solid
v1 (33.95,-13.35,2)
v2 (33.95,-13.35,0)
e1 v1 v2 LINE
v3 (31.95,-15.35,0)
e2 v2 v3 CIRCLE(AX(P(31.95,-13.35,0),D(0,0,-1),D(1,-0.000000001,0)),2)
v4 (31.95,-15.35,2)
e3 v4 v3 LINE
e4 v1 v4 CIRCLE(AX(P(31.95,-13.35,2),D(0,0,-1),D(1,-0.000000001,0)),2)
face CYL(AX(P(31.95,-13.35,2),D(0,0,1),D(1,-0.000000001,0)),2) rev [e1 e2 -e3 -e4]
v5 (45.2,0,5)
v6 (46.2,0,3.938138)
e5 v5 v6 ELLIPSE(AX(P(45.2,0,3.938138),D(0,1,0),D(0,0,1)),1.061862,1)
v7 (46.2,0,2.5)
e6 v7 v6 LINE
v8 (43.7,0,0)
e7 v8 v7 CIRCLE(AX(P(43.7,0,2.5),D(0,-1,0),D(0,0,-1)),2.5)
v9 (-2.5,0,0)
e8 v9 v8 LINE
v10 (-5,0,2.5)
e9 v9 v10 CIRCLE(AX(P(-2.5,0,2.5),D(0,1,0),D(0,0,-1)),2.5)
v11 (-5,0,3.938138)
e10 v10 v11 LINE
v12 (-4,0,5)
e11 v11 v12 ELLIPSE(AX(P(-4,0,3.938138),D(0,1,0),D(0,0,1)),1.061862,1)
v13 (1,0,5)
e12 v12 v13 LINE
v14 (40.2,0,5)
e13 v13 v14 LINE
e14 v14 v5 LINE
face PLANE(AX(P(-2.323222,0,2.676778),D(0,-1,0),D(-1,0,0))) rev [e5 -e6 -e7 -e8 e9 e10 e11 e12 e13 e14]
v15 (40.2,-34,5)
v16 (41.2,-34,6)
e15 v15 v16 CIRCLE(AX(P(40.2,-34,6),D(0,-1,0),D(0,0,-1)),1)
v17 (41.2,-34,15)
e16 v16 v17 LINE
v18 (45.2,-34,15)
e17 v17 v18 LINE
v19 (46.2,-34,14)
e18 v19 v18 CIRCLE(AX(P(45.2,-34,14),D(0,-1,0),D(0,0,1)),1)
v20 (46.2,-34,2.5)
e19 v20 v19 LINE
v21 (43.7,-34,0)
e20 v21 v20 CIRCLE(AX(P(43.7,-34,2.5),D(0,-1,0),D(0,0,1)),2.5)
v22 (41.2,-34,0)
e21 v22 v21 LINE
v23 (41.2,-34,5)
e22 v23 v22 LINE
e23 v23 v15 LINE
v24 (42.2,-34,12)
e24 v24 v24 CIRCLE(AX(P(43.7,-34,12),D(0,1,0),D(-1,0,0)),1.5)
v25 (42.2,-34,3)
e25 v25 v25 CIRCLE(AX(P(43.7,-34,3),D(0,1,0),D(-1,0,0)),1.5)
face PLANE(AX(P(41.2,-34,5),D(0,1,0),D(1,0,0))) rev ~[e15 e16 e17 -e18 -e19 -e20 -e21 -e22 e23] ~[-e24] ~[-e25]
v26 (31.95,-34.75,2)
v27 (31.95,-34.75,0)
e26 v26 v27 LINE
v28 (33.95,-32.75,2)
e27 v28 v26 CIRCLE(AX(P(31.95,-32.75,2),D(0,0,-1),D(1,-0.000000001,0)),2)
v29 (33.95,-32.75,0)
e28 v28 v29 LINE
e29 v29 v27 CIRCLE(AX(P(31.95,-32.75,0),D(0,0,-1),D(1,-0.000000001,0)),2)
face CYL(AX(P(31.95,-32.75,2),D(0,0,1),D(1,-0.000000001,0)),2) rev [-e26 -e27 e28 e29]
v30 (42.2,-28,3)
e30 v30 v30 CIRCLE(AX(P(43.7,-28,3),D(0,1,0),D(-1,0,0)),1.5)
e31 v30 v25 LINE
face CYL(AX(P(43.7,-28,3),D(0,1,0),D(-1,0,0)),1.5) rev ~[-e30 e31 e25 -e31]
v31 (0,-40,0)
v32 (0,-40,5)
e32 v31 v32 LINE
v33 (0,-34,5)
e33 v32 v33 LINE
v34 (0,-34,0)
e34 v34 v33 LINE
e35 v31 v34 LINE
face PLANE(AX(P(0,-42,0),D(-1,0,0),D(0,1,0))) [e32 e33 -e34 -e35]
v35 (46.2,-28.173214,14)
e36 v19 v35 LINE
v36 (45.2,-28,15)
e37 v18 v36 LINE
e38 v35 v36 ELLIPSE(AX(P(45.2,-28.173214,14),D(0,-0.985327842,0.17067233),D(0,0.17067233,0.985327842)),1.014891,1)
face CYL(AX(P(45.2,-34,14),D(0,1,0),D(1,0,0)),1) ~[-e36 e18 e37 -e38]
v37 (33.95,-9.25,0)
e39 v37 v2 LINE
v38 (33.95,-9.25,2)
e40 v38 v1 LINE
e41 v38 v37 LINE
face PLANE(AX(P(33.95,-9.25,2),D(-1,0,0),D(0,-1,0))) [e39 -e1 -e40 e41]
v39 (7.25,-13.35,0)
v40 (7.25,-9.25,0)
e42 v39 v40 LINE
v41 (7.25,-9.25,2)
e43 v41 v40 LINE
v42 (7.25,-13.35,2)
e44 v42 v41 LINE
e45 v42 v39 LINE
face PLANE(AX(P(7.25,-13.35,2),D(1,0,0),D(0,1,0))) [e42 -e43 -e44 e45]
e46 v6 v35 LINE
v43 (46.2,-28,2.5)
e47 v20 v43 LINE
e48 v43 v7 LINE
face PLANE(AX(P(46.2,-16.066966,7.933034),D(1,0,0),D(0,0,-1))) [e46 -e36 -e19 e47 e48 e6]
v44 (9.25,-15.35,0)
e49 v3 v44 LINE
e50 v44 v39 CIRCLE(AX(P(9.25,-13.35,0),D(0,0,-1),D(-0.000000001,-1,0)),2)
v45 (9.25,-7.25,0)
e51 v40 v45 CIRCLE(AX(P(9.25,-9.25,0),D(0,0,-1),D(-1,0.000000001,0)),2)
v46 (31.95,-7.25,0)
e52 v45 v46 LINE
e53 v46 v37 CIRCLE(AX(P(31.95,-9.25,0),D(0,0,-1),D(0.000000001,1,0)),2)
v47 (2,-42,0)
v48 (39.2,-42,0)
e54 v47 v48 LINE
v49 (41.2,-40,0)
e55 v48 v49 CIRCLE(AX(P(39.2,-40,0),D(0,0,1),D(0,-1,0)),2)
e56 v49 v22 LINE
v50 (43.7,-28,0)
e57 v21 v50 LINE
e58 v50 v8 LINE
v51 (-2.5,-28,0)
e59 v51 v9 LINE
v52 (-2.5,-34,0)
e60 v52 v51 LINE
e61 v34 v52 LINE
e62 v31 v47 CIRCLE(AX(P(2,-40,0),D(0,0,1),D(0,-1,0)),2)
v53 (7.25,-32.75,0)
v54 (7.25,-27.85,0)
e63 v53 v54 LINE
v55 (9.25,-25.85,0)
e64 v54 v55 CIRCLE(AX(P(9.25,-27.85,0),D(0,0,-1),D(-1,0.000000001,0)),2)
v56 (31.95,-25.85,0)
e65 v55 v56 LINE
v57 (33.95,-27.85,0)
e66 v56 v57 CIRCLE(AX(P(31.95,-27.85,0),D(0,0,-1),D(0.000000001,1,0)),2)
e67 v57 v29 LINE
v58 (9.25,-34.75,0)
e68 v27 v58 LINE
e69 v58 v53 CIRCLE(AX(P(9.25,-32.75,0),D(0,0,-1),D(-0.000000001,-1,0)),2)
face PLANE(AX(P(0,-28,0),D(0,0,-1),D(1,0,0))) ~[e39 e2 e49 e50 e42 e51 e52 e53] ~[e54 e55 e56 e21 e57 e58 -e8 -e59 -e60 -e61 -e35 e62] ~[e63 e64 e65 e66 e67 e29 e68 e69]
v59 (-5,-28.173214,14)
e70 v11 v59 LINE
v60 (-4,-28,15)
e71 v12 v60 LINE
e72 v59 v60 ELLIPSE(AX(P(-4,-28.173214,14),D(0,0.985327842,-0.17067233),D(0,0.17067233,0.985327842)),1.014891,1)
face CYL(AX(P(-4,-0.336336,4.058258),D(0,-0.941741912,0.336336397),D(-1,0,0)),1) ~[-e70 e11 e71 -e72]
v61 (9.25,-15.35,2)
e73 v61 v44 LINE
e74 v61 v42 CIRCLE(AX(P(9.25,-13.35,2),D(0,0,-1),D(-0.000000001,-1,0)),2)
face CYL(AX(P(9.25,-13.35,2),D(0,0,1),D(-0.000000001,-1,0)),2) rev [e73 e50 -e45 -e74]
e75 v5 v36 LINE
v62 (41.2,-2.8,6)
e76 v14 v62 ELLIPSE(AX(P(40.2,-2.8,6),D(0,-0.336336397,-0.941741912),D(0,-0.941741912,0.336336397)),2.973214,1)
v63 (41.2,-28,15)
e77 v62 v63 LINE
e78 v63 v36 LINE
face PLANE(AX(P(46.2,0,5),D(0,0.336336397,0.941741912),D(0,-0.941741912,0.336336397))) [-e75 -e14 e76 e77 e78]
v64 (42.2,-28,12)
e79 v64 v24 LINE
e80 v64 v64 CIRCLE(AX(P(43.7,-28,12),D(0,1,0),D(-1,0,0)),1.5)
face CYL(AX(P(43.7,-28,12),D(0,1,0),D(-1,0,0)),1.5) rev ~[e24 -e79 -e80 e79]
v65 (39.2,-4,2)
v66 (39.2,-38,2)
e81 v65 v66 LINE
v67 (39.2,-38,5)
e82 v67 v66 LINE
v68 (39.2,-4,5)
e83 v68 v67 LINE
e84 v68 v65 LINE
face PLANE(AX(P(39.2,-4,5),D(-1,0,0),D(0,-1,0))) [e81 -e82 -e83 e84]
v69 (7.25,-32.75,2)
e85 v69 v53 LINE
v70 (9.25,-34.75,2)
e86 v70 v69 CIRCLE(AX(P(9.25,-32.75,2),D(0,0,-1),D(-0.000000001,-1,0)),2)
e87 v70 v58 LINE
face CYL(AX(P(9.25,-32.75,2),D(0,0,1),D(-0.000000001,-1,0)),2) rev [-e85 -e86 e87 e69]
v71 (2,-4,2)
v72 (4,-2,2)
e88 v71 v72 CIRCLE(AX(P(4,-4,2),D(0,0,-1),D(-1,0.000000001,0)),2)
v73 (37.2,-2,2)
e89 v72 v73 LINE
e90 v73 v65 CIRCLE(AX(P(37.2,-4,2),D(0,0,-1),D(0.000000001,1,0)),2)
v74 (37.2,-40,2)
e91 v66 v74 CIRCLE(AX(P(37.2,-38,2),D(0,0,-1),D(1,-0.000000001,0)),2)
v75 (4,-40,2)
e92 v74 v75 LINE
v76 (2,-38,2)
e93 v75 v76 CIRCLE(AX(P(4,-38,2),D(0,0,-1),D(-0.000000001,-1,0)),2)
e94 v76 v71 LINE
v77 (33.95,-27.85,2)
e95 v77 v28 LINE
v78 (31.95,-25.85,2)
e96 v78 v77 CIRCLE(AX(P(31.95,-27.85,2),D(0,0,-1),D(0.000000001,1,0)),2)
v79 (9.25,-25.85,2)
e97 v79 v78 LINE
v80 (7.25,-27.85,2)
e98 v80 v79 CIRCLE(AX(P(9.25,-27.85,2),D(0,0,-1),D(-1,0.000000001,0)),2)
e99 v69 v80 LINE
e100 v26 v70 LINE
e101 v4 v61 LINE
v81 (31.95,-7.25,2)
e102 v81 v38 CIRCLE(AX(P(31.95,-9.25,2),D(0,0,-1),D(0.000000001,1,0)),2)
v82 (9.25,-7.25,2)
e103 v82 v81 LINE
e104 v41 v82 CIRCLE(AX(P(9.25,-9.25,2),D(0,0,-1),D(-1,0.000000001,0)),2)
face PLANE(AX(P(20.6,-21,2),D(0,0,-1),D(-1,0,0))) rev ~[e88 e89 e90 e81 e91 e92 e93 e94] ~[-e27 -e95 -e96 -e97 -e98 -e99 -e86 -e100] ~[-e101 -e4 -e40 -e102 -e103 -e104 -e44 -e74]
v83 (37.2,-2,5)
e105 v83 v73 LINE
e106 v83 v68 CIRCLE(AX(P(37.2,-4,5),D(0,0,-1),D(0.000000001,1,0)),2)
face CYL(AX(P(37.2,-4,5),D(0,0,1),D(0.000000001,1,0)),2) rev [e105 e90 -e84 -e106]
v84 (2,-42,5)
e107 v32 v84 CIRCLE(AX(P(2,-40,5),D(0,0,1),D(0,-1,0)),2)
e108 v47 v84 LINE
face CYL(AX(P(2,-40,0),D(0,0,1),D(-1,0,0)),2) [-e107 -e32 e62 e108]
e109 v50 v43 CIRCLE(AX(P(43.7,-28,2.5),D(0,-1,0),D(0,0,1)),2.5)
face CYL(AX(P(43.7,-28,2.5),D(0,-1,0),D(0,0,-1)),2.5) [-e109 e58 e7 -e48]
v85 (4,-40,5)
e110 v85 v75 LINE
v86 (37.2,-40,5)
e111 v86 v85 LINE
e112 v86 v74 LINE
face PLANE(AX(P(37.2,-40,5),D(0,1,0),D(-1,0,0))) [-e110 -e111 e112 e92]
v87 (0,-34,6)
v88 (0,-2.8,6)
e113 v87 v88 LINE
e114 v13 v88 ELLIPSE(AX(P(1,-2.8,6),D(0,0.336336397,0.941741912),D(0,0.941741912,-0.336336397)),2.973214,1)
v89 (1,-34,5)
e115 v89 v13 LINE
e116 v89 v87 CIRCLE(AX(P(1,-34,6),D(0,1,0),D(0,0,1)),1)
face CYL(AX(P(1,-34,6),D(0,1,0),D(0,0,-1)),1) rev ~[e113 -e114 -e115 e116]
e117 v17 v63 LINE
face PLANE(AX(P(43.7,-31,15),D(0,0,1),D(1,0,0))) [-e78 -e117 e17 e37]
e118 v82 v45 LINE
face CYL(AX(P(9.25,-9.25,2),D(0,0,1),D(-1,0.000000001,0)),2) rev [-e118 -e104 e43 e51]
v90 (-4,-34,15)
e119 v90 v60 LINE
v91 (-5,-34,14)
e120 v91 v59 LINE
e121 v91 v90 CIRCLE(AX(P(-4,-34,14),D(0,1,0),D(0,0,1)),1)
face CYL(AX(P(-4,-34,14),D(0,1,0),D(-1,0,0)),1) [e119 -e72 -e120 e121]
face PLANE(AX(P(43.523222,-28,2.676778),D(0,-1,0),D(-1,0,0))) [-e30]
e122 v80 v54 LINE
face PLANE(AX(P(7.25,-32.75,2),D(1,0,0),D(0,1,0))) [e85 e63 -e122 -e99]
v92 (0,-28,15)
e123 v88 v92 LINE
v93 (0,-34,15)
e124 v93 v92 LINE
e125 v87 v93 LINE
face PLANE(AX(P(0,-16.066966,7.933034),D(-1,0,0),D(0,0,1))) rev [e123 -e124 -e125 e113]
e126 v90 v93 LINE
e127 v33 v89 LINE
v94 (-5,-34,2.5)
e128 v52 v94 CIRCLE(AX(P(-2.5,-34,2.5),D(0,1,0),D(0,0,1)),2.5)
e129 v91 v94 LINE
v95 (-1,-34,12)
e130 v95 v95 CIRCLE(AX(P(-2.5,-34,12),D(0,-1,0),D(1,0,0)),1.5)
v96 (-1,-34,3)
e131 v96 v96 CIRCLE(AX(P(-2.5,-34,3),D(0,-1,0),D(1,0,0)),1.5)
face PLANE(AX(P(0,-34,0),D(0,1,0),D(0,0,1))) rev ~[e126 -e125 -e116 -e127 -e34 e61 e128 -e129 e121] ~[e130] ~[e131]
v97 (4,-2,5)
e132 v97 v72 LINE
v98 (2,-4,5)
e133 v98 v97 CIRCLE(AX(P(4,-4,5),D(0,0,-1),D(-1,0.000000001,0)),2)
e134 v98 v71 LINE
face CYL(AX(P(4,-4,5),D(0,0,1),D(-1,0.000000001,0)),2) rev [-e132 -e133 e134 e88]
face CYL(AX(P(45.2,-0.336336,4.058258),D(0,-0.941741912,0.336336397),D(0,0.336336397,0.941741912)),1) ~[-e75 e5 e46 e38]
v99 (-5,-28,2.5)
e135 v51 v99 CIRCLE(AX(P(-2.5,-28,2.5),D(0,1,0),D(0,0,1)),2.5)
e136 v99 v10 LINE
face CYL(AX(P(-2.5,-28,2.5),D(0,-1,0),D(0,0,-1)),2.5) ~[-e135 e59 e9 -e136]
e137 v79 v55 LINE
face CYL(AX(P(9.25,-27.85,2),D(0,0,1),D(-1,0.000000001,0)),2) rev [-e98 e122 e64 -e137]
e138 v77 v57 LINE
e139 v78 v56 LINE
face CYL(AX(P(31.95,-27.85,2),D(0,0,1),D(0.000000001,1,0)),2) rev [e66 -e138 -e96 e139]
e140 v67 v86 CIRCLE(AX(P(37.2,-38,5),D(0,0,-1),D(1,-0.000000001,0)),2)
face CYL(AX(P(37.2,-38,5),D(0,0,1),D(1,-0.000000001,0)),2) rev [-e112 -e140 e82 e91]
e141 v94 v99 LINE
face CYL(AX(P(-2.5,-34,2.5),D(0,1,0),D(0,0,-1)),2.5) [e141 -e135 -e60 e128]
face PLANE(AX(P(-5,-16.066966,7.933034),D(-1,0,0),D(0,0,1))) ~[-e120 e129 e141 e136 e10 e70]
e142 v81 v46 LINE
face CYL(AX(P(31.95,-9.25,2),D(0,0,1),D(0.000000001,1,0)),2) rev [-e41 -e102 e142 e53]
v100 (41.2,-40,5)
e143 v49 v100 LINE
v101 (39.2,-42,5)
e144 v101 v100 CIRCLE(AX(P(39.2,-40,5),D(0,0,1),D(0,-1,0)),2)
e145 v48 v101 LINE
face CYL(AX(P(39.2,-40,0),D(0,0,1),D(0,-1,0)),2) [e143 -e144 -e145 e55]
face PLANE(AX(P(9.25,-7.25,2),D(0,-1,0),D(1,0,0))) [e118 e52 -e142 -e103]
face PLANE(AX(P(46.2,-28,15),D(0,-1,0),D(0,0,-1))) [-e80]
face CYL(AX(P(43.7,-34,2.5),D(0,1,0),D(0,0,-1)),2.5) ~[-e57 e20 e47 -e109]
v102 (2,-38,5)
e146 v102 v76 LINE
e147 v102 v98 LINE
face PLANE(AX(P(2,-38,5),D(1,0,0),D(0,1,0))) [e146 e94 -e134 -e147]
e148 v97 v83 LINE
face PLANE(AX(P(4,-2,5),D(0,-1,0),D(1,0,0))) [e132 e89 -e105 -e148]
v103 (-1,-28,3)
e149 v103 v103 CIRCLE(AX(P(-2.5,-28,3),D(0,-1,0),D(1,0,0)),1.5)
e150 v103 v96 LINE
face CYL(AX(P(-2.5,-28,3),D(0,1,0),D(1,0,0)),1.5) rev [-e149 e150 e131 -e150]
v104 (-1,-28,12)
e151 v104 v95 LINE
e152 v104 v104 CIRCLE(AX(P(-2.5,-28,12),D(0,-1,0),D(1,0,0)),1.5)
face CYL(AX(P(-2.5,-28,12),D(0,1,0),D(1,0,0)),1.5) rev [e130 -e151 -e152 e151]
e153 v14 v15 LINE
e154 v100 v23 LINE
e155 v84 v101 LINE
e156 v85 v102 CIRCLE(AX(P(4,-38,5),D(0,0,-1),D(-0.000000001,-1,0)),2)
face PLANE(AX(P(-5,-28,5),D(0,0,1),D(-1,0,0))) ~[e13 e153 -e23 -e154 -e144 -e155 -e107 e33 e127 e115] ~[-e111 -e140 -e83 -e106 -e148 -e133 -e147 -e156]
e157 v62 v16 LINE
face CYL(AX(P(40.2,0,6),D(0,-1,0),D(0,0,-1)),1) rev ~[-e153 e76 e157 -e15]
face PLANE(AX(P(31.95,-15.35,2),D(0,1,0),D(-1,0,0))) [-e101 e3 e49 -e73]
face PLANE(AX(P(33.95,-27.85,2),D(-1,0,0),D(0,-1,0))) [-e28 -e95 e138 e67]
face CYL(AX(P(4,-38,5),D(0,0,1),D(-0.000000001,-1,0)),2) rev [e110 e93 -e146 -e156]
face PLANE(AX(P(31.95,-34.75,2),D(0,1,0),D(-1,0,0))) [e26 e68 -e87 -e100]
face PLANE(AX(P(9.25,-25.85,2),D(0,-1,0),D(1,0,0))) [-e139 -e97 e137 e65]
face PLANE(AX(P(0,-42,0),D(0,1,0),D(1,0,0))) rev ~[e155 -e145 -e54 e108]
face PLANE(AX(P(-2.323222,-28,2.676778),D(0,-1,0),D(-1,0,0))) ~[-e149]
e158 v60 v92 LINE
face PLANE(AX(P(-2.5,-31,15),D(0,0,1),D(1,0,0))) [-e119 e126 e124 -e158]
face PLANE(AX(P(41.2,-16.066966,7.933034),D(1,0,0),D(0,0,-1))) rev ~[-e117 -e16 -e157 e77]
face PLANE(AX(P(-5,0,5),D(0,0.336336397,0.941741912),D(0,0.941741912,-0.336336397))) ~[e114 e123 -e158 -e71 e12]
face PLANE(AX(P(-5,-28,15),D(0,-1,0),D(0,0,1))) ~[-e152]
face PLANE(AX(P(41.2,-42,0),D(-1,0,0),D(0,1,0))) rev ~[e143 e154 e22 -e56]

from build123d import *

# Parameters (mm, degrees)
SKETCH1_W           = 41.2
SKETCH1_H           = 42
BOSS_EXTRUDE1_DEPTH = 5
CUT_EXTRUDE1_DEPTH  = 3
CUT_EXTRUDE2_DEPTH  = 2
SKETCH6_W           = 5
SKETCH6_H           = 6
BOSS_EXTRUDE2_DEPTH = 5
SKETCH7_W           = 5
SKETCH7_H           = 6
BOSS_EXTRUDE3_DEPTH = 5
SKETCH13_W          = 5
SKETCH13_H          = 6
BOSS_EXTRUDE6_DEPTH = 10
SKETCH10_R          = 1.5
CUT_EXTRUDE3_DEPTH  = 6
FILLET4_R           = 2.5
BOSS_EXTRUDE7_DEPTH = 28
BOSS_EXTRUDE8_DEPTH = 5
FILLET10_R          = 1
FILLET12_R          = 2
FILLET13_R          = 1
FILLET14_R          = 1


with BuildPart() as part:
    # Sketch1 → Boss-Extrude1 (new body)
    with BuildSketch(Plane.XY):
        with Locations((20.6, -21)):
            Rectangle(SKETCH1_W, SKETCH1_H)
    extrude(amount=BOSS_EXTRUDE1_DEPTH)

    # Sketch2 → Cut-Extrude1 (cut)
    with BuildSketch(Plane.XY.offset(5)):
        with BuildLine():
            Line((4, -2), (37.2, -2))
            ThreePointArc((37.2, -2), (38.614213562, -2.585786438), (39.2, -4))
            Line((39.2, -4), (39.2, -38))
            ThreePointArc((39.2, -38), (38.614213562, -39.414213562), (37.2, -40))
            Line((37.2, -40), (4, -40))
            ThreePointArc((4, -40), (2.585786438, -39.414213562), (2, -38))
            Line((2, -38), (2, -4))
            ThreePointArc((2, -4), (2.585786438, -2.585786438), (4, -2))
        make_face()
    extrude(amount=-CUT_EXTRUDE1_DEPTH, mode=Mode.SUBTRACT)

    # Sketch3 → Cut-Extrude2 (cut)
    with BuildSketch(Plane.XY.offset(2)):
        with BuildLine():
            Line((9.25, -7.25), (31.95, -7.25))
            ThreePointArc((31.95, -7.25), (33.364213562, -7.835786438), (33.95, -9.25))
            Line((33.95, -9.25), (33.95, -13.35))
            ThreePointArc((33.95, -13.35), (33.364213562, -14.764213562), (31.95, -15.35))
            Line((31.95, -15.35), (9.25, -15.35))
            ThreePointArc((9.25, -15.35), (7.835786438, -14.764213562), (7.25, -13.35))
            Line((7.25, -13.35), (7.25, -9.25))
            ThreePointArc((7.25, -9.25), (7.835786438, -7.835786438), (9.25, -7.25))
        make_face()
        with BuildLine():
            Line((9.25, -25.85), (31.95, -25.85))
            ThreePointArc((31.95, -25.85), (33.364213562, -26.435786438), (33.95, -27.85))
            Line((33.95, -27.85), (33.95, -32.75))
            ThreePointArc((33.95, -32.75), (33.364213562, -34.164213562), (31.95, -34.75))
            Line((31.95, -34.75), (9.25, -34.75))
            ThreePointArc((9.25, -34.75), (7.835786438, -34.164213562), (7.25, -32.75))
            Line((7.25, -32.75), (7.25, -27.85))
            ThreePointArc((7.25, -27.85), (7.835786438, -26.435786438), (9.25, -25.85))
        make_face()
    extrude(amount=-CUT_EXTRUDE2_DEPTH, mode=Mode.SUBTRACT)

    # Sketch6 → Boss-Extrude2 (add)
    with BuildSketch(Plane(origin=(41.2, 0, 0), x_dir=(0, 0, -1), z_dir=(1, 0, 0))):
        with Locations((-2.5, -31)):
            Rectangle(SKETCH6_W, SKETCH6_H)
    extrude(amount=BOSS_EXTRUDE2_DEPTH)

    # Sketch7 → Boss-Extrude3 (add)
    with BuildSketch(Plane.ZY):
        with Locations((2.5, -31)):
            Rectangle(SKETCH7_W, SKETCH7_H)
    extrude(amount=BOSS_EXTRUDE3_DEPTH)

    # Sketch13 → Boss-Extrude6 (add)
    with BuildSketch(Plane.XY.offset(5)):
        with Locations((43.7, -31)):
            Rectangle(SKETCH13_W, SKETCH13_H)
        with Locations((-2.5, -31)):
            Rectangle(SKETCH13_W, SKETCH13_H)
    extrude(amount=BOSS_EXTRUDE6_DEPTH)

    # Sketch10 → Cut-Extrude3 (cut)
    with BuildSketch(Plane(origin=(0, -28, 0), x_dir=(1, 0, 0), z_dir=(0, 1, 0))):
        with Locations(Location((43.7, -3, 0), (0, 0, 180))):
            Circle(SKETCH10_R)
        with Locations(Location((43.7, -12, 0), (0, 0, 180))):
            Circle(SKETCH10_R)
    cut_extrude3 = extrude(amount=-CUT_EXTRUDE3_DEPTH, mode=Mode.SUBTRACT)

    # Mirror1: Cut-Extrude3 across plane
    add(cut_extrude3.mirror(Plane(origin=(20.6, 0, 0), x_dir=(0, 0, 1), z_dir=(1, 0, 0))), mode=Mode.SUBTRACT)

    # Fillet4
    fillet4_edges = [part.edges().sort_by_distance(p)[0] for p in [
        (-5, -31, 0),
        (46.2, -31, 0),
    ]]
    fillet(fillet4_edges, radius=FILLET4_R)

    # Sketch16 → Boss-Extrude7 (add)
    with BuildSketch(Plane(origin=(0, -28, 0), x_dir=(1, 0, 0), z_dir=(0, 1, 0))):
        with BuildLine():
            Line((41.2, 0), (43.7, 0))
            ThreePointArc((43.7, 0), (45.467766953, -0.732233047), (46.2, -2.5))
            Line((46.2, -2.5), (46.2, -5))
            Line((46.2, -5), (41.2, -5))
            Line((41.2, -5), (41.2, 0))
        make_face()
    boss_extrude7 = extrude(amount=BOSS_EXTRUDE7_DEPTH)

    # Sketch17 → Boss-Extrude8 (add)
    with BuildSketch(Plane(origin=(46.2, 0, 0), x_dir=(0, 0, -1), z_dir=(1, 0, 0))):
        Polygon((-5, 0), (-15, -28), (-5, -28), align=None)
    boss_extrude8 = extrude(amount=-BOSS_EXTRUDE8_DEPTH)

    # Fillet10
    fillet10_edges = [part.edges().sort_by_distance(p)[0] for p in [
        (46.2, -31, 15),
        (46.2, -14, 10),
    ]]
    fillet(fillet10_edges, radius=FILLET10_R)

    # Mirror3: Boss-Extrude7, Boss-Extrude8 across plane
    add(boss_extrude7.mirror(Plane(origin=(20.6, 0, 0), x_dir=(0, 0, 1), z_dir=(1, 0, 0))))
    add(boss_extrude8.mirror(Plane(origin=(20.6, 0, 0), x_dir=(0, 0, 1), z_dir=(1, 0, 0))))

    # Fillet12
    fillet12_edges = [part.edges().sort_by_distance(p)[0] for p in [
        (41.2, -42, 2.5),
        (0, -42, 2.5),
    ]]
    fillet(fillet12_edges, radius=FILLET12_R)

    # Fillet13
    fillet13_edges = [part.edges().sort_by_distance(p)[0] for p in [
        (-5, -31, 15),
        (-5, -14, 10),
    ]]
    fillet(fillet13_edges, radius=FILLET13_R)

    # Fillet14
    fillet14_edges = [part.edges().sort_by_distance(p)[0] for p in [
        (41.2, -17, 5),
        (0, -17, 5),
    ]]
    fillet(fillet14_edges, radius=FILLET14_R)


solid = part.part
